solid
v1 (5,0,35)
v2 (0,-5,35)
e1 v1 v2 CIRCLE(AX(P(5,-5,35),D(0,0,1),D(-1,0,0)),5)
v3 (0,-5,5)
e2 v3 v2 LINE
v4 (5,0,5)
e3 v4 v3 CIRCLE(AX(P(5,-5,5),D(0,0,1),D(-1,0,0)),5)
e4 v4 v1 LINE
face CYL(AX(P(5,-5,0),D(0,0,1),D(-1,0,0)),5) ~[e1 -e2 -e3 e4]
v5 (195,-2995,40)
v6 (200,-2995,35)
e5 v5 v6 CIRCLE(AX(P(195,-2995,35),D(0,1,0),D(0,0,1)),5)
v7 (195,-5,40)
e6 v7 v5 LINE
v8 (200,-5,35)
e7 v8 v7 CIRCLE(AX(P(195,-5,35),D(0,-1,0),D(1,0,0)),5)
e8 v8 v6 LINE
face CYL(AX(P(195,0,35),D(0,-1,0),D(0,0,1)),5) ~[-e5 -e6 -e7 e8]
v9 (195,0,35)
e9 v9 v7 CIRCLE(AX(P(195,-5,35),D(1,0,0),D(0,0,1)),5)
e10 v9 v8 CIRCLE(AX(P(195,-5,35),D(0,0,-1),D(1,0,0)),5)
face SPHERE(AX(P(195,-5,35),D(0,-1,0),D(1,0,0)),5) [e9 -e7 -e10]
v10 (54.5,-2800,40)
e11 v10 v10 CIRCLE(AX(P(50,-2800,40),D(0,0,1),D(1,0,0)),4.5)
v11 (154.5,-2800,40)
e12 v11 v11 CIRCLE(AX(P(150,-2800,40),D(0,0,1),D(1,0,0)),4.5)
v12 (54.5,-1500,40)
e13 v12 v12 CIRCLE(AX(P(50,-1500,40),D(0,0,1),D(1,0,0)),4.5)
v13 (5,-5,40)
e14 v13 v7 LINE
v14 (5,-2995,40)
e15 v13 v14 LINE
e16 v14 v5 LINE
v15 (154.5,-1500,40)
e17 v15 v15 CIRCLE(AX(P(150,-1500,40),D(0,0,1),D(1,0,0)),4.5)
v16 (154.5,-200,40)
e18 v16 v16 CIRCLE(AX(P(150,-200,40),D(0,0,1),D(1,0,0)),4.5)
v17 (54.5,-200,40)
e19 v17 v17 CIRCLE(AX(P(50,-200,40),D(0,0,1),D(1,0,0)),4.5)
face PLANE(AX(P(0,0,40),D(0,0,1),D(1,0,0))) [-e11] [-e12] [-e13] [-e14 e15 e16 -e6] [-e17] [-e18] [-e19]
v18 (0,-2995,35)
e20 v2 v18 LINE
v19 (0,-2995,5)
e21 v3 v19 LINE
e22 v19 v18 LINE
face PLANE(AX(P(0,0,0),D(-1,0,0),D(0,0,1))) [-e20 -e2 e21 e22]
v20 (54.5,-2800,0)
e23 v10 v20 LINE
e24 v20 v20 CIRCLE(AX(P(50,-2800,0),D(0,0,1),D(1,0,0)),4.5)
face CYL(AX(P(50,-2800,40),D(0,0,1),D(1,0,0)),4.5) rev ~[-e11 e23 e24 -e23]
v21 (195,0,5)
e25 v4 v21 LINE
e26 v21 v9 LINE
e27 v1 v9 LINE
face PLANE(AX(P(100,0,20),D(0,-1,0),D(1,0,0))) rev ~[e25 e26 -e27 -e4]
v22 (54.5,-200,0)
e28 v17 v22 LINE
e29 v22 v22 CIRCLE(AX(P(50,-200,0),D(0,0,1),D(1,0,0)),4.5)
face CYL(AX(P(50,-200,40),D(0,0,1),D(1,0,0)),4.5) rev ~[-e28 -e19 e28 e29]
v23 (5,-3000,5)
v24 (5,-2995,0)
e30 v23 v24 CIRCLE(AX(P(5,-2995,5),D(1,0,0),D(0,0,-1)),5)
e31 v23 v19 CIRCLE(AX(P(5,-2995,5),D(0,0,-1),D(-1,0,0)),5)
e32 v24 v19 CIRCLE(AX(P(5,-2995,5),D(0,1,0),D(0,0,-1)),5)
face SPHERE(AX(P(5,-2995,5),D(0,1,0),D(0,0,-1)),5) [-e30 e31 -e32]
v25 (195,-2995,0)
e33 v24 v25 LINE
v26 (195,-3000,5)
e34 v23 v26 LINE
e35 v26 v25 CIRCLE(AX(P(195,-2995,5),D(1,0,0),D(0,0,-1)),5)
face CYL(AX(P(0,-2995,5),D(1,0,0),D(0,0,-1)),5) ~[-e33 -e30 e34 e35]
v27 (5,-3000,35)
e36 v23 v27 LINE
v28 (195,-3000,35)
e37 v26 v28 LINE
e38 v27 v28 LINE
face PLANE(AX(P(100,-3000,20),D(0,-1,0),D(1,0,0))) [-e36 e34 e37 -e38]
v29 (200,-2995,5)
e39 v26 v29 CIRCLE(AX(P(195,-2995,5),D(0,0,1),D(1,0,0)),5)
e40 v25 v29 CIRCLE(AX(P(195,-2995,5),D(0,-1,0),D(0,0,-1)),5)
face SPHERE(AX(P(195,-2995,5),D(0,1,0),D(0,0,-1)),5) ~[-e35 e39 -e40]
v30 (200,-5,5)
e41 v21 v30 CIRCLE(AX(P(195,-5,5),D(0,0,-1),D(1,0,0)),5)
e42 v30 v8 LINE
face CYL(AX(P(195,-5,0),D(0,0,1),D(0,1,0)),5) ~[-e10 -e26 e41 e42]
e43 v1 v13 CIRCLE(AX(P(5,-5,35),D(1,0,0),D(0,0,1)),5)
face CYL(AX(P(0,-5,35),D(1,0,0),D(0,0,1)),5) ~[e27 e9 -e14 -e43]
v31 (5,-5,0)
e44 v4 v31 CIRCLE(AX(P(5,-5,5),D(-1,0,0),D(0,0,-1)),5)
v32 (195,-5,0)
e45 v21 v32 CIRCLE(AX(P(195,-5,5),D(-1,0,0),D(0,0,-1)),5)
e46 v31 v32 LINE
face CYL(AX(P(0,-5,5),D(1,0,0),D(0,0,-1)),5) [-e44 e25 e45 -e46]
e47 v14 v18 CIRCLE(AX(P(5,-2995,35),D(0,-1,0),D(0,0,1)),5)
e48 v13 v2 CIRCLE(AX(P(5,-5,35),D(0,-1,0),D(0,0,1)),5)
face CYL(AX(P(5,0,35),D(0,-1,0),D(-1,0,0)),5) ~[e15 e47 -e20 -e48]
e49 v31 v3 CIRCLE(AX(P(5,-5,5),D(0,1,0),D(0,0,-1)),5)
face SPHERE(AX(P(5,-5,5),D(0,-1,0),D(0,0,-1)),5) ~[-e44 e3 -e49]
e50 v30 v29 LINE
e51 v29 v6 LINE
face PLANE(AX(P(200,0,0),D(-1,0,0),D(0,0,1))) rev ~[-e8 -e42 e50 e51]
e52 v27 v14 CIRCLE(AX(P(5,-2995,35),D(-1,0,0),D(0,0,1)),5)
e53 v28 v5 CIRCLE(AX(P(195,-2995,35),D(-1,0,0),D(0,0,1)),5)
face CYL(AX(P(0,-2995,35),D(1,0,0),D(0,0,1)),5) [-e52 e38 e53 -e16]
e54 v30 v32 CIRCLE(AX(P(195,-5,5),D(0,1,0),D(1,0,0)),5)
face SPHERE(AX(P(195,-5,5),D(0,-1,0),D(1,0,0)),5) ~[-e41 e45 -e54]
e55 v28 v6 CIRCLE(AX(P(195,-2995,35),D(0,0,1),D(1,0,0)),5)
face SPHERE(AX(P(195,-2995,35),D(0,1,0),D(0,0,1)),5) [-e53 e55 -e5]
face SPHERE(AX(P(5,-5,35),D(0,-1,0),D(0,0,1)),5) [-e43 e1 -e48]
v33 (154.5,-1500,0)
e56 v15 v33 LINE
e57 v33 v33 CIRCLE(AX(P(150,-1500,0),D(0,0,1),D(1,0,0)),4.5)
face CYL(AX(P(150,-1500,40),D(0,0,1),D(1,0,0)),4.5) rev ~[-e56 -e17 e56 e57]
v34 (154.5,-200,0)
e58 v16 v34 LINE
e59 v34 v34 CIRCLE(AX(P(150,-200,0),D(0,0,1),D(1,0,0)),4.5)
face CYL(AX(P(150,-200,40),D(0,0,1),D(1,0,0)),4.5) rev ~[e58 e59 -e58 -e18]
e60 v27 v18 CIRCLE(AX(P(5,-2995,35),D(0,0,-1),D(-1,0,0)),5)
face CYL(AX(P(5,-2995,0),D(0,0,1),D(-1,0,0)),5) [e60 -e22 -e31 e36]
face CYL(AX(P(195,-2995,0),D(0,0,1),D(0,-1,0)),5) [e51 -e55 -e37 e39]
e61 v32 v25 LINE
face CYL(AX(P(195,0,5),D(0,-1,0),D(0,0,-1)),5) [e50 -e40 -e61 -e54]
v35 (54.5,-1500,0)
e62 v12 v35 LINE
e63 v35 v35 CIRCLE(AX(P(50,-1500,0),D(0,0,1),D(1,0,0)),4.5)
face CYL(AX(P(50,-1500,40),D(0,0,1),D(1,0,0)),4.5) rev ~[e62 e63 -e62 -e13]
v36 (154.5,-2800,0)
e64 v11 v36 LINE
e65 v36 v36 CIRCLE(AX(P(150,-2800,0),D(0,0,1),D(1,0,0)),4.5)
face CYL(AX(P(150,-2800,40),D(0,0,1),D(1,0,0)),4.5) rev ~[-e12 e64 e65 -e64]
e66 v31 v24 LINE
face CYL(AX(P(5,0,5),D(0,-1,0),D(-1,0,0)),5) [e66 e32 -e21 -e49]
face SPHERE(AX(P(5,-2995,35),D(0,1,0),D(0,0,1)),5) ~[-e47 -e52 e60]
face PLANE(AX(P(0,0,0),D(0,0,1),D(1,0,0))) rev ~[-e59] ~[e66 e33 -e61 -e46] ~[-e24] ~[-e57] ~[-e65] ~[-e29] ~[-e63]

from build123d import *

# Parameters (mm, degrees)
F0_W     = 200
F0_H     = 40
F1_DEPTH = 3000
F2_R     = 4.5
F3_DEPTH = 40.001
F4_R     = 5


with BuildPart() as f1:
    # F0 (on Front) → F1 (new body)
    with BuildSketch(Plane.XZ):
        with Locations((100, 20)):
            Rectangle(F0_W, F0_H)
    extrude(amount=F1_DEPTH)

    # F2 (on face) → F3 (cut, through all)
    with BuildSketch(Plane.XY.offset(40)):
        with Locations((50, -2800)):
            Circle(F2_R)
        with Locations((150, -2800)):
            Circle(F2_R)
        with Locations((50, -200)):
            Circle(F2_R)
        with Locations((150, -200)):
            Circle(F2_R)
        with Locations((50, -1500)):
            Circle(F2_R)
        with Locations((150, -1500)):
            Circle(F2_R)
    extrude(amount=-F3_DEPTH, mode=Mode.SUBTRACT)

    # F4
    f4_edges = [f1.edges().sort_by_distance(p)[0] for p in [
        (0, -1500, 40),
        (0, -1500, 0),
        (200, -1500, 40),
        (200, -1500, 0),
        (100, -3000, 40),
        (100, -3000, 0),
        (0, -3000, 20),
        (200, -3000, 20),
        (200, 0, 20),
        (100, 0, 40),
        (100, 0, 0),
        (0, 0, 20),
    ]]
    fillet(f4_edges, radius=F4_R)


solid = f1.part
